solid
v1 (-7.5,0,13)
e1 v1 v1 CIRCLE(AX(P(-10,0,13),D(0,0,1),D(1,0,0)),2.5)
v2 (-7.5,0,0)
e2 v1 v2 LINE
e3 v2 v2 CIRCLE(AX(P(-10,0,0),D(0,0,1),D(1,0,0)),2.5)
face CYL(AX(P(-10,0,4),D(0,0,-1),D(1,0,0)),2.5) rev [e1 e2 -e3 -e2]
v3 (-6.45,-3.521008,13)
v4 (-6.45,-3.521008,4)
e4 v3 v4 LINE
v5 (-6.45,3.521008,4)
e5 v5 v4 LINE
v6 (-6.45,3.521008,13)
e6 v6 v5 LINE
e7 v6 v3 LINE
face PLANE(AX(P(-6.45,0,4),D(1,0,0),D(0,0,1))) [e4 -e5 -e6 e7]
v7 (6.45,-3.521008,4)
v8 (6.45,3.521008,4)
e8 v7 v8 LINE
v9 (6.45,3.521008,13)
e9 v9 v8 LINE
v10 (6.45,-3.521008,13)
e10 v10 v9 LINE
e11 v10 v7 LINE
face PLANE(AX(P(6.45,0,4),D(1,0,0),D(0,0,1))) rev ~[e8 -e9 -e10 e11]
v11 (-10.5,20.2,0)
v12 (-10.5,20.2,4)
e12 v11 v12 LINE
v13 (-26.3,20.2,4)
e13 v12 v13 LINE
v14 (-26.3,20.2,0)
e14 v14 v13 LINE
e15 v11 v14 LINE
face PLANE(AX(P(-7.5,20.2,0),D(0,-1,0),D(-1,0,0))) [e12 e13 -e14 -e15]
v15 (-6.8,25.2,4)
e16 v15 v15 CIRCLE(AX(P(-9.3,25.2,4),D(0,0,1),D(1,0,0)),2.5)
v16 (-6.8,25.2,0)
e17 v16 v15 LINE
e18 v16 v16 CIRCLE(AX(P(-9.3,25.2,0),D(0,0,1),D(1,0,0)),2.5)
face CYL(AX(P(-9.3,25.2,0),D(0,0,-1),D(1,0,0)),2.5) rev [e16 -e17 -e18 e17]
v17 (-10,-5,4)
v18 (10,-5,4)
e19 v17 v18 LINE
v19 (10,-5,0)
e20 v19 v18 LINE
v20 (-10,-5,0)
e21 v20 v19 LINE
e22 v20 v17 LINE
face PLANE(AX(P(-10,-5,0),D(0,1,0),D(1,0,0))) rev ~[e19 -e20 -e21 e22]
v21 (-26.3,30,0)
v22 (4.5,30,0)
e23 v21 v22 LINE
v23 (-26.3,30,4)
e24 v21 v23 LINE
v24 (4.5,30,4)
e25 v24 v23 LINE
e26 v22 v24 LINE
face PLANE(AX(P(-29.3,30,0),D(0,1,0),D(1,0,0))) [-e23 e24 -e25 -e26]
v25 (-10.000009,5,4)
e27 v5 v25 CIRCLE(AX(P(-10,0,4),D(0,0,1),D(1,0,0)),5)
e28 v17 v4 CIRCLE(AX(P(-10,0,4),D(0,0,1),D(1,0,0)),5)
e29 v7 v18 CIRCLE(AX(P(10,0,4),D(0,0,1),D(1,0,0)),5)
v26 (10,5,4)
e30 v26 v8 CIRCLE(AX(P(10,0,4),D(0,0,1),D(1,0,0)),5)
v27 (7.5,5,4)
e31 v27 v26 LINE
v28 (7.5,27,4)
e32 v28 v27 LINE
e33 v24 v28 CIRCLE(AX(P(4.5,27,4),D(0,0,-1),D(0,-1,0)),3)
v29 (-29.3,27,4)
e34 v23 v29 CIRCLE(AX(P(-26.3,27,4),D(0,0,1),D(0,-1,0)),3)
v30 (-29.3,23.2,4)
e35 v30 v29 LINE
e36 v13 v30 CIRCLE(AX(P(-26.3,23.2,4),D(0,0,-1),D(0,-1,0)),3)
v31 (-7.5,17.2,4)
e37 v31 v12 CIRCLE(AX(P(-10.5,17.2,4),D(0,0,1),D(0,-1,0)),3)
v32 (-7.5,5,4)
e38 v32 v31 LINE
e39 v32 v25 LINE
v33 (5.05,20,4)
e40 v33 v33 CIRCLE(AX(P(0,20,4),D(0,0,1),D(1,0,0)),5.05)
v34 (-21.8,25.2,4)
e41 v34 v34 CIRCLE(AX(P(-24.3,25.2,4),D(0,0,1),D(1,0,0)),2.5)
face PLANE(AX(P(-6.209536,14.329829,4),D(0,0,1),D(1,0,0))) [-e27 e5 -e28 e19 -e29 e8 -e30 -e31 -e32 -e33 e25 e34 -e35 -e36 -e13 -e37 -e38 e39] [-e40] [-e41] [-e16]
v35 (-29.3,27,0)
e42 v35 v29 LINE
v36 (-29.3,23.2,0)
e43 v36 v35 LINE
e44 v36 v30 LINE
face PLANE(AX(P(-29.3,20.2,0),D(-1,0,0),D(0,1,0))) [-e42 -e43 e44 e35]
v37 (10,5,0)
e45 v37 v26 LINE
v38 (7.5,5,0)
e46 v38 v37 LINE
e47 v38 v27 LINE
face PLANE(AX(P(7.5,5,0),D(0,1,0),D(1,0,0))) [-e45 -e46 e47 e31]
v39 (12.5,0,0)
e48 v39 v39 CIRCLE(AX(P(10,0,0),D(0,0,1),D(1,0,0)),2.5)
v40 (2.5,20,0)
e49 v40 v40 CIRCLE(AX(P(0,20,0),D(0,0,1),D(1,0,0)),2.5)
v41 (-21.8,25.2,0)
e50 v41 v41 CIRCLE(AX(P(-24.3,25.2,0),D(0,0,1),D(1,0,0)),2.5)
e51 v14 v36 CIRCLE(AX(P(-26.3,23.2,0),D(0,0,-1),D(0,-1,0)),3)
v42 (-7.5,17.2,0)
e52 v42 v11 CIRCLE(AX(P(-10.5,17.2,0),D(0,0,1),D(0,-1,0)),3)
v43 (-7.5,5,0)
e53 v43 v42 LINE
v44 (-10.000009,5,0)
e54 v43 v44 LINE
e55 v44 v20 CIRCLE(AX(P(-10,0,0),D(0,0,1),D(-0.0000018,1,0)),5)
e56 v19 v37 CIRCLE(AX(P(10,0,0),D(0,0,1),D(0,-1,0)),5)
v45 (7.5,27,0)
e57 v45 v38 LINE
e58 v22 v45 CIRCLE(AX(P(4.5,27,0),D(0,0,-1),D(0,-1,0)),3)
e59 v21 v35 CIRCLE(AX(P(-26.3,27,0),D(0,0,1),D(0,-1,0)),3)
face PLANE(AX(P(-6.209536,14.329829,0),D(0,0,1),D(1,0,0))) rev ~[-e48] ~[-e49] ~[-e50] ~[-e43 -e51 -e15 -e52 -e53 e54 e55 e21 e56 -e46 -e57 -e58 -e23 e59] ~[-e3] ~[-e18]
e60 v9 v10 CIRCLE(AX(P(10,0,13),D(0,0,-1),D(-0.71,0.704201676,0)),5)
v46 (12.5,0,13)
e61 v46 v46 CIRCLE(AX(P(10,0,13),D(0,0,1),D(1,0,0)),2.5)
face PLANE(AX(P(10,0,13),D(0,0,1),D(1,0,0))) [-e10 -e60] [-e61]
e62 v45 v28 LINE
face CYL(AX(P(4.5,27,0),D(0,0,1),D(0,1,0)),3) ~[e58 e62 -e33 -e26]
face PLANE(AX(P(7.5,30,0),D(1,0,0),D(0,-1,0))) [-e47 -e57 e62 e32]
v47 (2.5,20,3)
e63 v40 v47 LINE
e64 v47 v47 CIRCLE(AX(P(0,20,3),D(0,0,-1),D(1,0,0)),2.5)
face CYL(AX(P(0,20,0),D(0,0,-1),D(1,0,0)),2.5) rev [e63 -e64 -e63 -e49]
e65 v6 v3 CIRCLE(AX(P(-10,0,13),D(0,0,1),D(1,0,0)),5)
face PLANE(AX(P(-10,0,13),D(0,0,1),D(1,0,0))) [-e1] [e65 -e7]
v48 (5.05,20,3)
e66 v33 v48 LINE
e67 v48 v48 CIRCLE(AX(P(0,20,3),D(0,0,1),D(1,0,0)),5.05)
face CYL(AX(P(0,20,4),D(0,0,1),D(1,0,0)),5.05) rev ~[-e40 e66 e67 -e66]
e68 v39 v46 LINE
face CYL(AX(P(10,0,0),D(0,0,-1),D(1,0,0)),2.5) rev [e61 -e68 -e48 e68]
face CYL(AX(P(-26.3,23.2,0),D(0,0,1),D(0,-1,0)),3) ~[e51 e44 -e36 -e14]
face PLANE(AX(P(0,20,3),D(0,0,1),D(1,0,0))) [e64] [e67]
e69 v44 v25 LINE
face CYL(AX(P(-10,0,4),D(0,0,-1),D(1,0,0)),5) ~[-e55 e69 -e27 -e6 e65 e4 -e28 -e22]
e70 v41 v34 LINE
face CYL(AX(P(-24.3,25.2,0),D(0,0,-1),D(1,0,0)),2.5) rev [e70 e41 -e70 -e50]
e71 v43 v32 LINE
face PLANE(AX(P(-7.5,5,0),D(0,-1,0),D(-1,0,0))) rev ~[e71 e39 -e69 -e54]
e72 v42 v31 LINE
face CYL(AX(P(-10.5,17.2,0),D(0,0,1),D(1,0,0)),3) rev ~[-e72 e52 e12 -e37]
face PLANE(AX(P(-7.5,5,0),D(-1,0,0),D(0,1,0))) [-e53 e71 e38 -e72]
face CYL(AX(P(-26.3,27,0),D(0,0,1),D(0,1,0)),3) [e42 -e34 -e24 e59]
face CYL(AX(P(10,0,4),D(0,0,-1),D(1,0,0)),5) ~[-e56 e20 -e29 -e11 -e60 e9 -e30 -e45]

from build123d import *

# Parameters (mm, degrees)
SKETCH_R          = 2.5
PAD_DEPTH         = 4
SKETCH003_R       = 5
SKETCH003_R_2     = 2.5
PAD001_DEPTH      = 9
SKETCH002_W       = 12.9
SKETCH002_H       = 16.151024
POCKET_DEPTH      = 30.001
POCKET_DEPTH_BACK = 5.001
FILLET_R          = 3
SKETCH004_R       = 5.05
POCKET001_DEPTH   = 1


with BuildPart() as part:
    # Sketch → Pad (new body)
    with BuildSketch(Plane.XY):
        with BuildLine():
            Line((-10, -5), (10, -5))
            ThreePointArc((10, -5), (15, 0), (10, 5))
            Line((7.5, 5), (10, 5))
            Line((7.5, 30), (7.5, 5))
            Line((-7.5, 30), (7.5, 30))
            Line((-29.3, 30), (-7.5, 30))
            Line((-29.3, 20.2), (-29.3, 30))
            Line((-7.5, 20.2), (-29.3, 20.2))
            Line((-7.5, 5), (-7.5, 20.2))
            Line((-7.5, 5), (-10.000009, 5))
            ThreePointArc((-10.000009, 5), (-15, -4e-06), (-10, -5))
        make_face()
        with Locations((-10, 0)):
            Circle(SKETCH_R, mode=Mode.SUBTRACT)
        with Locations((10, 0)):
            Circle(SKETCH_R, mode=Mode.SUBTRACT)
        with Locations((0, 20)):
            Circle(SKETCH_R, mode=Mode.SUBTRACT)
        with Locations((-9.3, 25.2)):
            Circle(SKETCH_R, mode=Mode.SUBTRACT)
        with Locations((-24.3, 25.2)):
            Circle(SKETCH_R, mode=Mode.SUBTRACT)
    extrude(amount=PAD_DEPTH)

    # Sketch003 (on DatumPlane) → Pad001 (join)
    with BuildSketch(Plane.XY.offset(4)):
        with Locations((-10, 0)):
            Circle(SKETCH003_R)
        with Locations((-10, 0)):
            Circle(SKETCH003_R_2, mode=Mode.SUBTRACT)
        with Locations((10, 0)):
            Circle(SKETCH003_R)
        with Locations((10, 0)):
            Circle(SKETCH003_R_2, mode=Mode.SUBTRACT)
    extrude(amount=PAD001_DEPTH)

    # Sketch002 → Pocket (cut, two sides)
    with BuildSketch(Plane.XZ) as pocket_sk:
        with Locations((0, 12.075512)):
            Rectangle(SKETCH002_W, SKETCH002_H)
    extrude(amount=-POCKET_DEPTH, mode=Mode.SUBTRACT)
    extrude(pocket_sk.sketch, amount=POCKET_DEPTH_BACK, mode=Mode.SUBTRACT)

    # Fillet
    fillet_edges = [part.edges().sort_by_distance(p)[0] for p in [
        (-29.3, 20.2, 2),
        (-29.3, 30, 2),
        (-7.5, 20.2, 2),
        (7.5, 30, 2),
    ]]
    fillet(fillet_edges, radius=FILLET_R)

    # Sketch004 (on Face5 of Fillet) → Pocket001 (cut)
    with BuildSketch(Plane.XY.offset(4)):
        with Locations((0, 20)):
            Circle(SKETCH004_R)
    extrude(amount=-POCKET001_DEPTH, mode=Mode.SUBTRACT)


solid = part.part
